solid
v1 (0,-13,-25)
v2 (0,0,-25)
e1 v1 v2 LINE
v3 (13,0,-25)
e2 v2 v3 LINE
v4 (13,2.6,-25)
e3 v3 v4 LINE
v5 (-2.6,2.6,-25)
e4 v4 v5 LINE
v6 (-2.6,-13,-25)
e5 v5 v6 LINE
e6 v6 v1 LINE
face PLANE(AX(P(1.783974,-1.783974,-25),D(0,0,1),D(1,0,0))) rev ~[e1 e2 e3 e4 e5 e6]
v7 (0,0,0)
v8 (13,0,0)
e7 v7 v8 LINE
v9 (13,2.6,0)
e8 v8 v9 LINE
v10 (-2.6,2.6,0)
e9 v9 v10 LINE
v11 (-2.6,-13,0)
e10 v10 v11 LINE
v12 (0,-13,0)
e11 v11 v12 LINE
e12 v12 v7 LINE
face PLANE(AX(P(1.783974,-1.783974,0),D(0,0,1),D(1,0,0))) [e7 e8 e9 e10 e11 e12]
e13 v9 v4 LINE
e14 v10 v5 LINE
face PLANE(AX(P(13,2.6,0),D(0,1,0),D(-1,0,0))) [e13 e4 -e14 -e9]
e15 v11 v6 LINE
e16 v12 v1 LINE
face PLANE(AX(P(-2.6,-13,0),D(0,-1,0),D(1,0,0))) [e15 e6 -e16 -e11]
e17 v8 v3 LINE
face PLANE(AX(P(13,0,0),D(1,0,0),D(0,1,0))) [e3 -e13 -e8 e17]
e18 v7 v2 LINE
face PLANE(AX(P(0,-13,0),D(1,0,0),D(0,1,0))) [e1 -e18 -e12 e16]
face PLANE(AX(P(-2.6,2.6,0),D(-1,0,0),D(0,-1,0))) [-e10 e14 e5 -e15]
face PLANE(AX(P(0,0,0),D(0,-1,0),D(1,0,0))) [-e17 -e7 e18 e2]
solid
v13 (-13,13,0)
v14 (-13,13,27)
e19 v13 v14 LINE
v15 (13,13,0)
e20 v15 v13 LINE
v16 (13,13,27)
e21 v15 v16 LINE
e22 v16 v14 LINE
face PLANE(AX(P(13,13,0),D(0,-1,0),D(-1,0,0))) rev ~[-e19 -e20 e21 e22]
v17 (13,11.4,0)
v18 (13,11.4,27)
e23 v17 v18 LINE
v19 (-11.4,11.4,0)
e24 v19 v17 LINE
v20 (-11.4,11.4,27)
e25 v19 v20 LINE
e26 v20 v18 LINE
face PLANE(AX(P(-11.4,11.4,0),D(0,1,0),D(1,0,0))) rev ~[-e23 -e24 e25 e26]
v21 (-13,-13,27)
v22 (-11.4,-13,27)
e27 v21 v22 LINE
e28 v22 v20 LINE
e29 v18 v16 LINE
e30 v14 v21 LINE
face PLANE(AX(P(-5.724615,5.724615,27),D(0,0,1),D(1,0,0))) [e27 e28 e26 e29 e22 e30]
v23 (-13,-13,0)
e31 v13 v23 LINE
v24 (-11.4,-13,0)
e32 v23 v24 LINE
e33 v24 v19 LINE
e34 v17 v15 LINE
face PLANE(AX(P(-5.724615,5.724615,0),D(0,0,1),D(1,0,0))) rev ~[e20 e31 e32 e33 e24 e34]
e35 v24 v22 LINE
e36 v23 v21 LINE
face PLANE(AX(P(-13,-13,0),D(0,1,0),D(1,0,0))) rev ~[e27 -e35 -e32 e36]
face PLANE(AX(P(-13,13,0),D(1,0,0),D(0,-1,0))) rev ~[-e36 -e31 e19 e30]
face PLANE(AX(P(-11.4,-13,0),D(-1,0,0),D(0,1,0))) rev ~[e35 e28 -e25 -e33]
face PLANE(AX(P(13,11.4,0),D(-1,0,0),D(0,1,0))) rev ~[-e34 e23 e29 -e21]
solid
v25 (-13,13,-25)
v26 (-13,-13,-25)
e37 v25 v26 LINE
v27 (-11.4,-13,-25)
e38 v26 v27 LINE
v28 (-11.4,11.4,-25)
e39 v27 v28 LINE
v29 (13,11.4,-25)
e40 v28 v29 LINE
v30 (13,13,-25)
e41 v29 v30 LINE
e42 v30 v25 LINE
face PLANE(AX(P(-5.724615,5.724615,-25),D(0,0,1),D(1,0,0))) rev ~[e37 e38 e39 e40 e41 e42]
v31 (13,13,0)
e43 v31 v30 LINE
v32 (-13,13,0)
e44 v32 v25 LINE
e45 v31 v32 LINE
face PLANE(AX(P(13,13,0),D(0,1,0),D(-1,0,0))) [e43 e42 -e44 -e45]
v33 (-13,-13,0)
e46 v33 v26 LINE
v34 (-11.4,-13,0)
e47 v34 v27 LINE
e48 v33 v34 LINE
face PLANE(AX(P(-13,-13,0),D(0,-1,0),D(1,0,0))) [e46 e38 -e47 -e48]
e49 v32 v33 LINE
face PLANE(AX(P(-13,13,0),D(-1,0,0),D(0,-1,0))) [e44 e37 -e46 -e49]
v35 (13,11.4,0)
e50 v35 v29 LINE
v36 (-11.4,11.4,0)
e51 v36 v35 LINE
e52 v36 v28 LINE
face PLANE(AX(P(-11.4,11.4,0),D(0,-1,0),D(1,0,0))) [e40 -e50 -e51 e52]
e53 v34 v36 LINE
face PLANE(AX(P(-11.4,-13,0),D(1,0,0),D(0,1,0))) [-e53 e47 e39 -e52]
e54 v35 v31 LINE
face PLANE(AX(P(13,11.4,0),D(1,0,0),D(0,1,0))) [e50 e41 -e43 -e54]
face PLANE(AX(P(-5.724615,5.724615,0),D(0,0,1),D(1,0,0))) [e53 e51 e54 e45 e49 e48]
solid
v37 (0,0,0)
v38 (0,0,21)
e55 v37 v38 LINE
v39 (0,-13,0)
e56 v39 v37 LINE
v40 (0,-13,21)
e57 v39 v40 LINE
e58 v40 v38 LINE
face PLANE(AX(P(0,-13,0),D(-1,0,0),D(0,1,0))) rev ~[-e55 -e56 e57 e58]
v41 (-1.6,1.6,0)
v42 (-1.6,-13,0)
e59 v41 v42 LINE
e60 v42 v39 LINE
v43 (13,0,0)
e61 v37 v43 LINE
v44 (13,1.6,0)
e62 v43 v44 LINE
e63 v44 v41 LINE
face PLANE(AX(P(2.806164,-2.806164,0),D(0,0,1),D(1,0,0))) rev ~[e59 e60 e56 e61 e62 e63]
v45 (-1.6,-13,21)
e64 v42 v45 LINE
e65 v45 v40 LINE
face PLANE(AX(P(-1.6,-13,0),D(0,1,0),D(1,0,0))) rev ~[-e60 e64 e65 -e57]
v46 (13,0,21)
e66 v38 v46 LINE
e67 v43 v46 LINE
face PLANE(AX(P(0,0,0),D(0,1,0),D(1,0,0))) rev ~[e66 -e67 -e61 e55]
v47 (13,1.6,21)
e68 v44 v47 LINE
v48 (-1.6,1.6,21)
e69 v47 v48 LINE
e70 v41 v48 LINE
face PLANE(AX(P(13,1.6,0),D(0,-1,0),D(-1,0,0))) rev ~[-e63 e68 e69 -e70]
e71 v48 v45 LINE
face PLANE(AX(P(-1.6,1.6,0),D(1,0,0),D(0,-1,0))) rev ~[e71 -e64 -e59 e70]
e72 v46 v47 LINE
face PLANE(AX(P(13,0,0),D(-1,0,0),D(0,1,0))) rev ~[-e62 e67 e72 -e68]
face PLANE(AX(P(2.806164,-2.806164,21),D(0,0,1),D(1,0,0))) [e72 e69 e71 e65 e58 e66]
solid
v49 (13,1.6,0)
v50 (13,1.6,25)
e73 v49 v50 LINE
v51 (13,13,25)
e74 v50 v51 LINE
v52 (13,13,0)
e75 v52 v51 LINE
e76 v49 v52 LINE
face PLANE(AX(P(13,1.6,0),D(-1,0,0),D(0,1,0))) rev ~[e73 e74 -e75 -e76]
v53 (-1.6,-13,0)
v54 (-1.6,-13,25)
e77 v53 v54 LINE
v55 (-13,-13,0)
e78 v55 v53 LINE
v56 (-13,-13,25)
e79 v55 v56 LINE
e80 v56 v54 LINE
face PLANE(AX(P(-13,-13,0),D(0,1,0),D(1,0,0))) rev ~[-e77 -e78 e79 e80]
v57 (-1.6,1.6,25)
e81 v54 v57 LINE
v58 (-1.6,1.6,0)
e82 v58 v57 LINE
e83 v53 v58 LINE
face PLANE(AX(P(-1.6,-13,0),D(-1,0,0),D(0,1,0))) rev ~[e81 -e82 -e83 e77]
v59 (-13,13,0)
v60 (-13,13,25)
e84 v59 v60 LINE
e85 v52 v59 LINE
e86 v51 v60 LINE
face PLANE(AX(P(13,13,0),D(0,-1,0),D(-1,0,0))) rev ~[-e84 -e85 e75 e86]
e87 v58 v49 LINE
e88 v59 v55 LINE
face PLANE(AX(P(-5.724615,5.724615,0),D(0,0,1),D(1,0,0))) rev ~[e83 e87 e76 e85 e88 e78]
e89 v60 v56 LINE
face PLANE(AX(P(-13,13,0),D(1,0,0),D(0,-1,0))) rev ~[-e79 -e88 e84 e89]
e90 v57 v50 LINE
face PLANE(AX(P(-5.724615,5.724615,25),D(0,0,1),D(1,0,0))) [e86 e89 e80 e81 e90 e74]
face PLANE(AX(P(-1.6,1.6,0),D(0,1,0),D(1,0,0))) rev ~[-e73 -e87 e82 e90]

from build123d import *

# Parameters (mm, degrees)
F1_DEPTH = 25
F2_DEPTH = 21
F3_DEPTH = 27
F4_DEPTH = 25


with BuildPart() as f1:
    # F0 (on Top) → F1 (new body)
    with BuildSketch(Plane.XY):
        Polygon((-13, -13), (-11.4, -13), (-11.4, 0), (-11.4, 11.4), (0, 11.4), (13, 11.4), (13, 13), (0, 13), (-13, 13), (-13, 0), align=None)
        Polygon((-2.6, -13), (-1.6, -13), (-1.6, 1.6), (13, 1.6), (13, 2.6), (-2.6, 2.6), align=None)
        Polygon((-1.6, -13), (0, -13), (0, 0), (13, 0), (13, 1.6), (-1.6, 1.6), align=None)
    extrude(amount=-F1_DEPTH)


with BuildPart() as f2:
    # F0 (on Top) → F2 (new body)
    with BuildSketch(Plane.XY):
        Polygon((-1.6, -13), (0, -13), (0, 0), (13, 0), (13, 1.6), (-1.6, 1.6), align=None)
    extrude(amount=F2_DEPTH)


with BuildPart() as f3:
    # F0 (on Top) → F3 (new body)
    with BuildSketch(Plane.XY):
        Polygon((-13, -13), (-11.4, -13), (-11.4, 0), (-11.4, 11.4), (0, 11.4), (13, 11.4), (13, 13), (0, 13), (-13, 13), (-13, 0), align=None)
    extrude(amount=F3_DEPTH)


with BuildPart() as f4:
    # F0 (on Top) → F4 (new body)
    with BuildSketch(Plane.XY):
        Polygon((-13, -13), (-11.4, -13), (-11.4, 0), (-11.4, 11.4), (0, 11.4), (13, 11.4), (13, 13), (0, 13), (-13, 13), (-13, 0), align=None)
        Polygon((-11.4, -13), (-10.4, -13), (-10.4, 0), (-10.4, 10.4), (0, 10.4), (13, 10.4), (13, 11.4), (0, 11.4), (-11.4, 11.4), (-11.4, 0), align=None)
        Polygon((-10.4, -13), (-2.6, -13), (-2.6, 2.6), (13, 2.6), (13, 10.4), (0, 10.4), (-10.4, 10.4), (-10.4, 0), align=None)
        Polygon((-2.6, -13), (-1.6, -13), (-1.6, 1.6), (13, 1.6), (13, 2.6), (-2.6, 2.6), align=None)
    extrude(amount=F4_DEPTH)


solid = Compound([f1.part, f2.part, f3.part, f4.part])
